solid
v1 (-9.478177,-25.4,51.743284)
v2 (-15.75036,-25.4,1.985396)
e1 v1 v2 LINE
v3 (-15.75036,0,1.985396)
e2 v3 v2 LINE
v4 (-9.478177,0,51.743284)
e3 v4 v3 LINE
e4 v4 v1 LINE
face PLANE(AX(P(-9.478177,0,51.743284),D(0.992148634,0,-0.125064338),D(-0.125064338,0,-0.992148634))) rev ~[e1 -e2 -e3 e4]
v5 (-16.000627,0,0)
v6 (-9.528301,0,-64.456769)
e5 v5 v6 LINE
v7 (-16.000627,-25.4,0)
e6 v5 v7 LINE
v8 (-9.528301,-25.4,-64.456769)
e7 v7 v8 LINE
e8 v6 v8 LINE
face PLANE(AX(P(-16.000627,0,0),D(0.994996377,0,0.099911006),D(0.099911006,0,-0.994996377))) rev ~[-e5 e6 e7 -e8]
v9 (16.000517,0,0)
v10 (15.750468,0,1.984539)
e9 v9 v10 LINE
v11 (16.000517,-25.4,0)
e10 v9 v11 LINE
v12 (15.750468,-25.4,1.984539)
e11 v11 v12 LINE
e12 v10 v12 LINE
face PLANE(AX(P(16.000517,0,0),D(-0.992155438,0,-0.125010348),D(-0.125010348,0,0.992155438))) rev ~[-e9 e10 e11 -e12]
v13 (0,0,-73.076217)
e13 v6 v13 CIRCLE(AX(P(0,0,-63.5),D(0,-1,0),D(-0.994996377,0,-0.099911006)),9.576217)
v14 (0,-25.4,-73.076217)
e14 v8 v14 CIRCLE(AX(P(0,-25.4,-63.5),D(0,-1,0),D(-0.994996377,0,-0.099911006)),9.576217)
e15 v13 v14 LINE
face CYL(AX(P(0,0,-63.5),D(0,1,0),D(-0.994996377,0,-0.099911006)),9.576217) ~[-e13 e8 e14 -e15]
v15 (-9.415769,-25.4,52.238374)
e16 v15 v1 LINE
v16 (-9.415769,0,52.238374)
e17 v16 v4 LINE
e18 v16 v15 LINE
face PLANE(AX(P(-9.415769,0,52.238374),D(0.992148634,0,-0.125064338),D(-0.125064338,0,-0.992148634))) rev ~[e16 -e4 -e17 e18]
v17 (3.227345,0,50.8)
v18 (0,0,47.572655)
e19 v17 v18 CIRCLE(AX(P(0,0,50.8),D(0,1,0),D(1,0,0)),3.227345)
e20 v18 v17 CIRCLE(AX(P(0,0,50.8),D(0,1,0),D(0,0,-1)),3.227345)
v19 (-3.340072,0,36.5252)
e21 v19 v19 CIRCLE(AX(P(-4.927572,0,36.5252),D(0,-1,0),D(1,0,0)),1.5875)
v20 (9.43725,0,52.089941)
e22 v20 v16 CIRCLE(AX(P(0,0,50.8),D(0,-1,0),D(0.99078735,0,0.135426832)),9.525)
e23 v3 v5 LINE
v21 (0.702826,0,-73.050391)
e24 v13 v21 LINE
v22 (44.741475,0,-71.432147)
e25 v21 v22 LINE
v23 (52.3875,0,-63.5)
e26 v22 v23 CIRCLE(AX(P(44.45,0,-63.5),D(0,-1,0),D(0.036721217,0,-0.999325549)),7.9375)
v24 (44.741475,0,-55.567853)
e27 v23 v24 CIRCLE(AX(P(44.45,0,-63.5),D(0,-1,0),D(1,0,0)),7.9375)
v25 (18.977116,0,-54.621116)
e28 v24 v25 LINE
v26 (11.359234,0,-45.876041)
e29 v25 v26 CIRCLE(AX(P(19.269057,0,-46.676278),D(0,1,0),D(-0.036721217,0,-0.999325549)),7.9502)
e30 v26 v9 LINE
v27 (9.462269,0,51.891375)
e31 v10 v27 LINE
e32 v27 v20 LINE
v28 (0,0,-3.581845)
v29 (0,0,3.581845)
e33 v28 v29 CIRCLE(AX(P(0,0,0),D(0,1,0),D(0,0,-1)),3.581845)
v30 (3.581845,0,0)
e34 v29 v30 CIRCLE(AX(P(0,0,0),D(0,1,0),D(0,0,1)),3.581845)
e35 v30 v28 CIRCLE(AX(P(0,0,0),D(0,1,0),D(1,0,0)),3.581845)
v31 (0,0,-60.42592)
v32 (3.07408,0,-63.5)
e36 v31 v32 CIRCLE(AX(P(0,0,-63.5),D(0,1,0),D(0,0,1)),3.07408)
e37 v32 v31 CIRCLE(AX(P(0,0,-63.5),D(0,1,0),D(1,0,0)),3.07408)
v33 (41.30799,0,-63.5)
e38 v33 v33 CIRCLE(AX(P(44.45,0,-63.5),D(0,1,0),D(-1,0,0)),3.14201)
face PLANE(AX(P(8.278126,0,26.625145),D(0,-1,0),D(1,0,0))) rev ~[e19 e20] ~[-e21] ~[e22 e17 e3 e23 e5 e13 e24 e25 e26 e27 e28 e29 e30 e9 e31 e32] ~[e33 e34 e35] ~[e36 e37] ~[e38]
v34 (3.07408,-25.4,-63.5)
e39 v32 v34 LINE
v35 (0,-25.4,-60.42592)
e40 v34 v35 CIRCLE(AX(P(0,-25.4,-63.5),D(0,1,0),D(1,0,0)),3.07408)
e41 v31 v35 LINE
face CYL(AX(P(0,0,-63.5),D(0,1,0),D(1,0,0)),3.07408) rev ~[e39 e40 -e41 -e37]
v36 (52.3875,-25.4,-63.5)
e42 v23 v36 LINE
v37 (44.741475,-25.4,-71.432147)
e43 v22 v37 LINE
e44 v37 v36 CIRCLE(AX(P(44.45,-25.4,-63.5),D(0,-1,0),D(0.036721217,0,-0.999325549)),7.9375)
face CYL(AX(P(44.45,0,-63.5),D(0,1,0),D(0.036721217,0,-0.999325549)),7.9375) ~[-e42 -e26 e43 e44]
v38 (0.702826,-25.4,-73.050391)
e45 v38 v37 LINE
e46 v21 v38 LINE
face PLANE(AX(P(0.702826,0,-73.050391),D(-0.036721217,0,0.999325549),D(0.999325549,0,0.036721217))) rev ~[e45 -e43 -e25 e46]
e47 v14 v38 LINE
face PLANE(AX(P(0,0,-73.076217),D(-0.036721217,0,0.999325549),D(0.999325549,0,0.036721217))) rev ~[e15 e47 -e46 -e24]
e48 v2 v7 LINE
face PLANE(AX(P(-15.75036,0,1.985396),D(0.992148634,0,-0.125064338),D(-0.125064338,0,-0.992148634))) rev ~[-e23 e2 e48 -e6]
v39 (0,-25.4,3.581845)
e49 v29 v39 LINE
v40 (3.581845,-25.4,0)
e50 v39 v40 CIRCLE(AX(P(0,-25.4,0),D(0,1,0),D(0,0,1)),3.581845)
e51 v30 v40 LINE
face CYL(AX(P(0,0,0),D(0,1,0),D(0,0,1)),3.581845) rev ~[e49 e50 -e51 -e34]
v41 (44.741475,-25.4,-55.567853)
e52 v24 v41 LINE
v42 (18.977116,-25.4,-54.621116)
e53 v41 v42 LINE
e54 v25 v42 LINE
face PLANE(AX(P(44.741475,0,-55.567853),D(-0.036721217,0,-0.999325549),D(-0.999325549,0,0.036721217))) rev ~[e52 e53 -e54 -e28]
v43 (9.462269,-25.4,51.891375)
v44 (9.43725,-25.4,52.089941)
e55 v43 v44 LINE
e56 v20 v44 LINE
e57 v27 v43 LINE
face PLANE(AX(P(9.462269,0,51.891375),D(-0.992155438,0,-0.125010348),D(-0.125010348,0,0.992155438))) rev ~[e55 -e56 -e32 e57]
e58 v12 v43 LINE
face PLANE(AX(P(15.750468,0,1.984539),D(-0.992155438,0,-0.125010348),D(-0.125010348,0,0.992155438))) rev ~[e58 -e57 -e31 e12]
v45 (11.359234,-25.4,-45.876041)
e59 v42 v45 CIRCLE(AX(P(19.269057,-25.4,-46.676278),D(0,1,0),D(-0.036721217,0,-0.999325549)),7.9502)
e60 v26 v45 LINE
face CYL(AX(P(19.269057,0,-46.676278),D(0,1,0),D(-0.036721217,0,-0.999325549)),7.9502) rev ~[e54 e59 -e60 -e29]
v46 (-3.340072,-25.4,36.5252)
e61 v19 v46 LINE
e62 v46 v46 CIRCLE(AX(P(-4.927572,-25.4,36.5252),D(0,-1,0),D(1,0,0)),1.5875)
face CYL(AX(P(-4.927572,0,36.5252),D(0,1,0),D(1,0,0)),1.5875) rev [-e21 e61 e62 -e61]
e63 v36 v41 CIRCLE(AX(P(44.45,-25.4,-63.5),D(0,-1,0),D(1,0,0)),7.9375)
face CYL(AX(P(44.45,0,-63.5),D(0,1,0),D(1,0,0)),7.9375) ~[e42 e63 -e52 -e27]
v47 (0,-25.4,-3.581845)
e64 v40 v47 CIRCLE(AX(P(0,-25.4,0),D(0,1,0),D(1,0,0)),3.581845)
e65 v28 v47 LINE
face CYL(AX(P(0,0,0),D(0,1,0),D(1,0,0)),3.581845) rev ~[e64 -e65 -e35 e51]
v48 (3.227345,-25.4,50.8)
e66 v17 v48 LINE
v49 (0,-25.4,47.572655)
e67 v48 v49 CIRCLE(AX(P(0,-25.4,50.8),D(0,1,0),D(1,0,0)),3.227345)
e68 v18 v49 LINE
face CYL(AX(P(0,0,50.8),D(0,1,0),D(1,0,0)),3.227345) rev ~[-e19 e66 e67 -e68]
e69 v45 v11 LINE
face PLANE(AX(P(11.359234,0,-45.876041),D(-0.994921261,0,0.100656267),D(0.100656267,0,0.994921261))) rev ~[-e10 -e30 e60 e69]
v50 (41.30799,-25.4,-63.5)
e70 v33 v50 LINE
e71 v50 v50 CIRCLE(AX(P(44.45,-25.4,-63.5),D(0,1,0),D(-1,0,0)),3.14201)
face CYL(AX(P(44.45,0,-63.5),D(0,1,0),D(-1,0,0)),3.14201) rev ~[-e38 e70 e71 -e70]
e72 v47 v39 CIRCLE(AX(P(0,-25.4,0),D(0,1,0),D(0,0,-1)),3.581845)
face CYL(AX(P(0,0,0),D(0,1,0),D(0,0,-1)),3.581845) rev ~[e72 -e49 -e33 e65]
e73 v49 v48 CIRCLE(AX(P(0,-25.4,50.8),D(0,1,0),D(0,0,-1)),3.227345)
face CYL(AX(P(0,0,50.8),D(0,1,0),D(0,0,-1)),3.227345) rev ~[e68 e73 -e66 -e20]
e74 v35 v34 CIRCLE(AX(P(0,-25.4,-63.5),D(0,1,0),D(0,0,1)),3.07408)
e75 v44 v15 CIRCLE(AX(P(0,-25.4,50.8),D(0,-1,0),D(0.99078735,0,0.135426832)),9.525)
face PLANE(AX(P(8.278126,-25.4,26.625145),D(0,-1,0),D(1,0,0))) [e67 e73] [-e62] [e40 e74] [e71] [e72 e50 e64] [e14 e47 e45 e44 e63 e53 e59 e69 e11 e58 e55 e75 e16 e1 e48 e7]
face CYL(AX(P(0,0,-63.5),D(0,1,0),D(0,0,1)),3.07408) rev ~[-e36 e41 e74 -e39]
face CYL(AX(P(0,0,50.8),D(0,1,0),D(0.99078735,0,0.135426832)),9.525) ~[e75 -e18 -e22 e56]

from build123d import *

# Parameters (mm, degrees)
F0_R     = 1.5875
F1_DEPTH = 25.4


with BuildPart() as f1:
    # F0 (on Front) → F1 (new body)
    with BuildSketch(Plane.XZ):
        with BuildLine():
            ThreePointArc((9.525, 50.8), (6.7351920908, 44.0648079092), (0, 41.275))
            Line((0, 41.275), (0, 15.875))
            ThreePointArc((0, 15.875), (10.500263397, 11.9063047833), (15.7504675666, 1.9845393503))
            Line((15.7504675666, 1.9845393503), (9.4622685099, 51.8913751176))
            ThreePointArc((9.4622685099, 51.8913751176), (9.5093041953, 51.3465882562), (9.525, 50.8))
        make_face()
        with BuildLine():
            Line((0, 15.875), (0, 41.275))
            ThreePointArc((0, 41.275), (-7.0608217366, 44.4070021583), (-9.4781770336, 51.7432842197))
            Line((-9.4781770336, 51.7432842197), (-15.7503596183, 1.9853959035))
            ThreePointArc((-15.7503596183, 1.9853959035), (-10.4999396434, 11.9065902963), (0, 15.875))
        make_face()
        with Locations((-4.9275723286, 36.5252)):
            Circle(F0_R, mode=Mode.SUBTRACT)
        with BuildLine():
            ThreePointArc((15.7504675666, 1.9845393503), (10.500263397, 11.9063047833), (0, 15.875))
            Line((0, 15.875), (0, 3.5818445827))
            ThreePointArc((0, 3.5818445827), (2.5327465936, 2.5327465936), (3.5818445827, 0))
            ThreePointArc((3.5818445827, 0), (2.5327465936, -2.5327465936), (0, -3.5818445827))
            Line((0, -3.5818445827), (0, -15.875))
            ThreePointArc((0, -15.875), (11.2253201513, -11.2253201513), (15.875, 0))
            ThreePointArc((15.875, 0), (15.8438363034, 0.9942213988), (15.7504675666, 1.9845393503))
        make_face()
        with BuildLine():
            Line((0, 3.5818445827), (0, 15.875))
            ThreePointArc((0, 15.875), (-10.4999396434, 11.9065902963), (-15.7503596183, 1.9853959035))
            ThreePointArc((-15.7503596183, 1.9853959035), (-11.9065902963, -10.4999396434), (0, -15.875))
            Line((0, -15.875), (0, -3.5818445827))
            ThreePointArc((0, -3.5818445827), (-3.5818445827, 0), (0, 3.5818445827))
        make_face()
        with BuildLine():
            ThreePointArc((0, -15.875), (-11.9065902963, -10.4999396434), (-15.7503596183, 1.9853959035))
            Line((-15.7503596183, 1.9853959035), (-16.0006267826, 0))
            Line((-16.0006267826, 0), (-9.5283009961, -64.4567694559))
            ThreePointArc((-9.5283009961, -64.4567694559), (-7.1016251441, -57.0757609029), (0, -53.923783228))
            Line((0, -53.923783228), (0, -15.875))
        make_face()
        with BuildLine():
            Line((16.0005170494, 0), (15.7504675666, 1.9845393503))
            ThreePointArc((15.7504675666, 1.9845393503), (15.8438363034, 0.9942213988), (15.875, 0))
            ThreePointArc((15.875, 0), (11.2253201513, -11.2253201513), (0, -15.875))
            Line((0, -15.875), (0, -53.923783228))
            ThreePointArc((0, -53.923783228), (6.7714078176, -56.7285921824), (9.576216772, -63.5))
            Line((9.576216772, -63.5), (36.5125, -63.5))
            ThreePointArc((36.5125, -63.5), (38.9413556042, -57.7852171371), (44.7414746571, -55.5678534573))
            Line((44.7414746571, -55.5678534573), (18.9771161719, -54.6211163395))
            ThreePointArc((18.9771161719, -54.6211163395), (13.2743662579, -51.8982857051), (11.3592341777, -45.876040911))
            Line((11.3592341777, -45.876040911), (16.0005170494, 0))
        make_face()
        with BuildLine():
            Line((36.5125, -63.5), (9.576216772, -63.5))
            ThreePointArc((9.576216772, -63.5), (7.0154951661, -70.0181864992), (0.7028263194, -73.050390716))
            Line((0.7028263194, -73.050390716), (44.7414746571, -71.4321465427))
            ThreePointArc((44.7414746571, -71.4321465427), (38.9413556042, -69.2147828629), (36.5125, -63.5))
        make_face()
        with BuildLine():
            ThreePointArc((-9.4781770336, 51.7432842197), (-7.0608217366, 44.4070021583), (0, 41.275))
            ThreePointArc((0, 41.275), (6.7351920908, 44.0648079092), (9.525, 50.8))
            ThreePointArc((9.525, 50.8), (9.5093041953, 51.3465882562), (9.4622685099, 51.8913751176))
            Line((9.4622685099, 51.8913751176), (9.4372495094, 52.089940579))
            ThreePointArc((9.4372495094, 52.089940579), (0.0749897766, 60.3247048003), (-9.4157689808, 52.2383739084))
            Line((-9.4157689808, 52.2383739084), (-9.4781770336, 51.7432842197))
        make_face()
        with BuildLine():
            ThreePointArc((3.2273454684, 50.8), (2.282077866, 48.517922134), (0, 47.5726545316))
            ThreePointArc((0, 47.5726545316), (-2.282077866, 53.082077866), (3.2273454684, 50.8))
        make_face(mode=Mode.SUBTRACT)
        with BuildLine():
            Line((0, -60.4259204753), (0, -53.923783228))
            ThreePointArc((0, -53.923783228), (-7.1016251441, -57.0757609029), (-9.5283009961, -64.4567694559))
            ThreePointArc((-9.5283009961, -64.4567694559), (-6.4242390971, -70.6016251441), (0, -73.076216772))
            Line((0, -73.076216772), (0.7028263194, -73.050390716))
            ThreePointArc((0.7028263194, -73.050390716), (7.0154951661, -70.0181864992), (9.576216772, -63.5))
            Line((9.576216772, -63.5), (3.0740795247, -63.5))
            ThreePointArc((3.0740795247, -63.5), (-2.1737024778, -65.6737024778), (0, -60.4259204753))
        make_face()
        with BuildLine():
            ThreePointArc((9.576216772, -63.5), (6.7714078176, -56.7285921824), (0, -53.923783228))
            Line((0, -53.923783228), (0, -60.4259204753))
            ThreePointArc((0, -60.4259204753), (2.1737024778, -61.3262975222), (3.0740795247, -63.5))
            Line((3.0740795247, -63.5), (9.576216772, -63.5))
        make_face()
        with BuildLine():
            ThreePointArc((52.3875, -63.5), (50.1647828629, -57.9913556042), (44.7414746571, -55.5678534573))
            ThreePointArc((44.7414746571, -55.5678534573), (38.9413556042, -57.7852171371), (36.5125, -63.5))
            ThreePointArc((36.5125, -63.5), (38.9413556042, -69.2147828629), (44.7414746571, -71.4321465427))
            ThreePointArc((44.7414746571, -71.4321465427), (50.1647828629, -69.0086443958), (52.3875, -63.5))
        make_face()
        with BuildLine():
            ThreePointArc((47.5920096932, -63.5), (44.45, -66.6420096932), (41.3079903068, -63.5))
            ThreePointArc((41.3079903068, -63.5), (44.45, -60.3579903068), (47.5920096932, -63.5))
        make_face(mode=Mode.SUBTRACT)
    extrude(amount=F1_DEPTH)


solid = f1.part
